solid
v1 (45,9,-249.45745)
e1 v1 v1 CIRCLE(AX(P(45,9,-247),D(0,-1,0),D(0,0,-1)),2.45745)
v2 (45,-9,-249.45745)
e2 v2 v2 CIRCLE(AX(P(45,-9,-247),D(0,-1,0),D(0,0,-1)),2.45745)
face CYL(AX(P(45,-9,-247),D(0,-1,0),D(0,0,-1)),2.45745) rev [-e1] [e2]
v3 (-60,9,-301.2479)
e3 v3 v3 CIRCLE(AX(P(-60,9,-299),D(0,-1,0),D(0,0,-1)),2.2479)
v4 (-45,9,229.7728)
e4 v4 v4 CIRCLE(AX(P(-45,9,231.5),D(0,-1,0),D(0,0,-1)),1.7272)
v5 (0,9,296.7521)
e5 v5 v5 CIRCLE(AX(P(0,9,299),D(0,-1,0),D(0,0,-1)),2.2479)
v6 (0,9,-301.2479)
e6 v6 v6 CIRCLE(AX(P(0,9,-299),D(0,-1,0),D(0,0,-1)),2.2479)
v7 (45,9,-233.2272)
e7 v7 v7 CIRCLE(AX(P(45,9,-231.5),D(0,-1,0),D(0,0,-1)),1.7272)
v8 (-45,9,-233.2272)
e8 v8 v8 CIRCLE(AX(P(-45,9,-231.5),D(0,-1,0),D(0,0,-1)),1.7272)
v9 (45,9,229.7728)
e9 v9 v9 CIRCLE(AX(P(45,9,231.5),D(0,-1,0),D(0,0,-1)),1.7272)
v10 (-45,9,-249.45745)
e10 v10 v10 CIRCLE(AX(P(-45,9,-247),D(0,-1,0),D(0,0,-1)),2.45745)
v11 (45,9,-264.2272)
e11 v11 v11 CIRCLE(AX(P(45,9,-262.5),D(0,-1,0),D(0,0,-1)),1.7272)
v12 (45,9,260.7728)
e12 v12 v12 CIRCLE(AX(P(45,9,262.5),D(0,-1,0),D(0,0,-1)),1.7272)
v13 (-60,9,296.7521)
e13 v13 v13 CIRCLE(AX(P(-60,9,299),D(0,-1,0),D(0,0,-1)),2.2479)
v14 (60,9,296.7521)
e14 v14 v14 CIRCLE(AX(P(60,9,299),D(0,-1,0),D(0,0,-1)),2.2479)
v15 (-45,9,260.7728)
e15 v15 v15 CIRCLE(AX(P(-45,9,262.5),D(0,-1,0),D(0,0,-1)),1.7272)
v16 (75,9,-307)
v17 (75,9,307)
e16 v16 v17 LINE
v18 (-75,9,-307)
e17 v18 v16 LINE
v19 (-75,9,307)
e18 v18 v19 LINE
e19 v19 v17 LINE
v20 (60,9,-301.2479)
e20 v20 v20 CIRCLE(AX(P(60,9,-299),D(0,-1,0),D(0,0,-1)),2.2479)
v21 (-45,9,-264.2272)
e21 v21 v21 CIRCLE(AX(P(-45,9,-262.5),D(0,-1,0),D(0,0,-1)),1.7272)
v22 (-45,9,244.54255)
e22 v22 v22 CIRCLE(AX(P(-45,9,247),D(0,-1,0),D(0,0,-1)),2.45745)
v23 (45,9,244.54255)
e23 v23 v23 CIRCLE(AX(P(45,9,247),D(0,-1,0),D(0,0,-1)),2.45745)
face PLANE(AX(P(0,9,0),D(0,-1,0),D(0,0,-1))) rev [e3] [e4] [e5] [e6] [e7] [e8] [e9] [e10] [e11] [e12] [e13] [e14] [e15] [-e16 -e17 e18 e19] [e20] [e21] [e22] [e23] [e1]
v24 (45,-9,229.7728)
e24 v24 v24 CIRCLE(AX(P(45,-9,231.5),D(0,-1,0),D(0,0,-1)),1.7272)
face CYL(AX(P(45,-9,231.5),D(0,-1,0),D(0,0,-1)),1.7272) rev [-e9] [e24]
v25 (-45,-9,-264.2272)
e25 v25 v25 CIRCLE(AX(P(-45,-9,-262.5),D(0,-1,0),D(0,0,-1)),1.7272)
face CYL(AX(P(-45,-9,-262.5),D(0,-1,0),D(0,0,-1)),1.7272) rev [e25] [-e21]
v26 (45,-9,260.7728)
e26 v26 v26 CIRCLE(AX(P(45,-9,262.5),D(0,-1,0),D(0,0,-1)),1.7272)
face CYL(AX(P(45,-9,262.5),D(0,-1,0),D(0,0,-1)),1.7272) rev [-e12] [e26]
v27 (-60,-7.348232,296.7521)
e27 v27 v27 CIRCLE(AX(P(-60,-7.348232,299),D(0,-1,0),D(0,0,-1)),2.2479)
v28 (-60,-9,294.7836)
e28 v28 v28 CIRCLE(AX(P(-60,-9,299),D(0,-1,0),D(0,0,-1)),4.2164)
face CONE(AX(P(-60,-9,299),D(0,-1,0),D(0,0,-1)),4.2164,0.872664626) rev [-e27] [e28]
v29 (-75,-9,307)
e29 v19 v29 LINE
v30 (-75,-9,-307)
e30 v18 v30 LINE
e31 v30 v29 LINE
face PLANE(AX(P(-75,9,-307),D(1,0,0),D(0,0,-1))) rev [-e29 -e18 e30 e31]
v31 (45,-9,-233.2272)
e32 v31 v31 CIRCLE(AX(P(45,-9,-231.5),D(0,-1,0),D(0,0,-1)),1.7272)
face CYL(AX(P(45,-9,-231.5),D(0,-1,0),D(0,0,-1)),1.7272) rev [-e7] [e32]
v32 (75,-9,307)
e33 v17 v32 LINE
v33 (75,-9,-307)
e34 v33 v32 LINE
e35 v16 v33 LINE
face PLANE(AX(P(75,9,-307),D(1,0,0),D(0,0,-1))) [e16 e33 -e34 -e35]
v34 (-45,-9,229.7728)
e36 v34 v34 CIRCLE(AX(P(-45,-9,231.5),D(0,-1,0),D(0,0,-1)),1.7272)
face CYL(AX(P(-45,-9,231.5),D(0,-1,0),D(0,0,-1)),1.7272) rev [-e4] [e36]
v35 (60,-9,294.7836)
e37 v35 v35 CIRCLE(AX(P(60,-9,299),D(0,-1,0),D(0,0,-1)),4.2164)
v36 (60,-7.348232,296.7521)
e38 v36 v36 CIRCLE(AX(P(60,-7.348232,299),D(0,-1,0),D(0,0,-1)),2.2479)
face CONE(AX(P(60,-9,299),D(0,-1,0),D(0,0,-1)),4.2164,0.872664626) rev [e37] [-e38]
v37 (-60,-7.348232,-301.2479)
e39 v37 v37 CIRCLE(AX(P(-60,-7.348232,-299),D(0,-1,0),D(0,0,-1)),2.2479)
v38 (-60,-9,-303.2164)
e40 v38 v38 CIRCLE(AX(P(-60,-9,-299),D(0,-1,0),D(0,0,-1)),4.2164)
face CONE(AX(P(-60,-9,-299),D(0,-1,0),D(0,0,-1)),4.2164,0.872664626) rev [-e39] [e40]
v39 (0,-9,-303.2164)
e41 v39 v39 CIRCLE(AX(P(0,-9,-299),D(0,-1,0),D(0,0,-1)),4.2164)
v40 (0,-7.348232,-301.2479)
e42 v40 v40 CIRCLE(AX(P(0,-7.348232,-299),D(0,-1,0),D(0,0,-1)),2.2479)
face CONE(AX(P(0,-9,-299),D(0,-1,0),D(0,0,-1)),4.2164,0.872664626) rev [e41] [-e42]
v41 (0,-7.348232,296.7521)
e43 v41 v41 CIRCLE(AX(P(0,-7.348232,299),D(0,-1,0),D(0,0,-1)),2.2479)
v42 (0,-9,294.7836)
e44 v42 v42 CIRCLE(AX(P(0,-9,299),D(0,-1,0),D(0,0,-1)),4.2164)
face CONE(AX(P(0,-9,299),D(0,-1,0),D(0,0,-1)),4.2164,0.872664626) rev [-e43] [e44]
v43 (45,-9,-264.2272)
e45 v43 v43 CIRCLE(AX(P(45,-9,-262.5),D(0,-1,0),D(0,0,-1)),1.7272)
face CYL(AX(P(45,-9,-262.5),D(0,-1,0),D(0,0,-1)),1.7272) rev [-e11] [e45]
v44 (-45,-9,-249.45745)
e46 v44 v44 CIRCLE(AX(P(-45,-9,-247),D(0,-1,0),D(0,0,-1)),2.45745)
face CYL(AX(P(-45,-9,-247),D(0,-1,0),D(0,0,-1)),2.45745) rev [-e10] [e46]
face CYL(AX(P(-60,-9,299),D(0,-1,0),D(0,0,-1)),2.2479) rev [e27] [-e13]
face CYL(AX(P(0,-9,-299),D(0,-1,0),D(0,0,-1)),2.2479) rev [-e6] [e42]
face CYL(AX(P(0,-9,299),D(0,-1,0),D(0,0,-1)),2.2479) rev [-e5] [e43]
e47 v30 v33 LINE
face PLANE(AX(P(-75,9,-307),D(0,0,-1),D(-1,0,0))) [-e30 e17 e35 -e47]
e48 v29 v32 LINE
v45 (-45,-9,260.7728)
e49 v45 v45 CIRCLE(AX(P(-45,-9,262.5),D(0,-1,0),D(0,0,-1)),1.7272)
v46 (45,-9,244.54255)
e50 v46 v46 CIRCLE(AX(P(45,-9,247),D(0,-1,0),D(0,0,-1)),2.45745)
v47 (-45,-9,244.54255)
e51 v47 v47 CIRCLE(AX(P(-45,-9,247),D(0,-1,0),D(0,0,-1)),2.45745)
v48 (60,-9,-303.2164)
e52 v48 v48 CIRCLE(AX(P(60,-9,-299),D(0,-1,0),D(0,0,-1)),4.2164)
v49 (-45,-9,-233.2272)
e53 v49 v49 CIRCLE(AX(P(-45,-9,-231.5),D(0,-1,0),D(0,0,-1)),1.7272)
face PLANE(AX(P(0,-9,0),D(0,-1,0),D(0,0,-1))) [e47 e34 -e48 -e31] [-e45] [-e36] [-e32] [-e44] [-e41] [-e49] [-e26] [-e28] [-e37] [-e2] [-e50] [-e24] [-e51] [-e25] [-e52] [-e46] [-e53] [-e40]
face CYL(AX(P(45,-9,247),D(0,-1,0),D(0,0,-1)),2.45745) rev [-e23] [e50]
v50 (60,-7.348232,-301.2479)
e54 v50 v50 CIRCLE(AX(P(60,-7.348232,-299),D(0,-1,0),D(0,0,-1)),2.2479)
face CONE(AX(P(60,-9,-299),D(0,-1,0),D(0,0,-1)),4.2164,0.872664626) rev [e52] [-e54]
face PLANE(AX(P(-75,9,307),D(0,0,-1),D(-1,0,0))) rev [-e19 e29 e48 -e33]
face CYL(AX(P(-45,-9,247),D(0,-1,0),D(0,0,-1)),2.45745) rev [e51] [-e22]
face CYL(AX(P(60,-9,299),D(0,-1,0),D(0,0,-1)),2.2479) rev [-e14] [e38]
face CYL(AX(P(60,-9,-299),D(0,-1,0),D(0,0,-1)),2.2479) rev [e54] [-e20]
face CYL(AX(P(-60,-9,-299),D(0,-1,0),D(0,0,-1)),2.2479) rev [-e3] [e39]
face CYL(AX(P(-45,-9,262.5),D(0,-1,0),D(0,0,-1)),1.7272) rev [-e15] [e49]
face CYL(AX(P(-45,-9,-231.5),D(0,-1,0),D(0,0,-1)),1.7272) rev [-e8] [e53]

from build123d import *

# Parameters (mm, degrees)
SKETCH1_W                                         = 150
SKETCH1_H                                         = 614
BOSS_EXTRUDE1_DEPTH                               = 9
CSK_FOR_8_FLAT_HEAD_MACHINE_SCREW_100_D           = 4.4958
CSK_FOR_8_FLAT_HEAD_MACHINE_SCREW_100_CSINK_D     = 8.4328
CSK_FOR_8_FLAT_HEAD_MACHINE_SCREW_100_CSINK_ANGLE = 100
F_8_36_TAPPED_HOLE1_D                             = 3.4544
F_8_CLEARANCE_HOLE1_D                             = 4.9149
MIRROR2_AT_THE_SECOND_PLANE_COPY_1_D              = 3.4544
MIRROR2_AT_THE_SECOND_PLANE_COPY_2_D              = 4.9149


with BuildPart() as part:
    # Sketch1 → Boss-Extrude1 (new, symmetric)
    with BuildSketch(Plane(origin=(0, 0, 0), x_dir=(1, 0, 0), z_dir=(0, 1, 0))):
        Rectangle(SKETCH1_W, SKETCH1_H)
    extrude(amount=BOSS_EXTRUDE1_DEPTH, both=True)

    # CSK for #8 Flat Head Machine Screw (100)1 (through all)
    with Locations(Plane(origin=(-75, -9, 0), x_dir=(0, 0, -1), z_dir=(0, -1, 0))):
        with Locations((-299, 135), (-299, 75), (-299, 15)):
            csk_for_8_flat_head_machine_screw_100 = CounterSinkHole(CSK_FOR_8_FLAT_HEAD_MACHINE_SCREW_100_D / 2, CSK_FOR_8_FLAT_HEAD_MACHINE_SCREW_100_CSINK_D / 2, counter_sink_angle=CSK_FOR_8_FLAT_HEAD_MACHINE_SCREW_100_CSINK_ANGLE)

    # Mirror1: CSK for #8 Flat Head Machine Screw (100)1 across plane
    add(csk_for_8_flat_head_machine_screw_100.mirror(Plane.XY), mode=Mode.SUBTRACT)

    # #8-36 Tapped Hole1 (through all)
    with Locations(Plane(origin=(0, -9, 0), x_dir=(-1, 0, 0), z_dir=(0, -1, 0))):
        with Locations((45, -262.5), (45, -231.5)):
            f_8_36_tapped_hole1 = Hole(F_8_36_TAPPED_HOLE1_D / 2)

    # #8 Clearance Hole1 (through all)
    with Locations(Plane(origin=(0, -9, 0), x_dir=(-1, 0, 0), z_dir=(0, -1, 0))):
        with Locations((45, -247)):
            f_8_clearance_hole1 = Hole(F_8_CLEARANCE_HOLE1_D / 2)

    # Mirror2: #8-36 Tapped Hole1, #8 Clearance Hole1 across plane
    add(f_8_36_tapped_hole1.mirror(Plane.XY), mode=Mode.SUBTRACT)
    add(f_8_clearance_hole1.mirror(Plane.XY), mode=Mode.SUBTRACT)

    # Mirror2 at the second plane: #8-36 Tapped Hole1, #8 Clearance Hole1 across plane
    add(f_8_36_tapped_hole1.mirror(Plane(origin=(0, 0, 0), x_dir=(0, 0, 1), z_dir=(1, 0, 0))), mode=Mode.SUBTRACT)
    add(f_8_clearance_hole1.mirror(Plane(origin=(0, 0, 0), x_dir=(0, 0, 1), z_dir=(1, 0, 0))), mode=Mode.SUBTRACT)

    # Mirror2 at the second plane copy 1 (through all)
    with Locations(Plane.XZ.offset(9)):
        with Locations((45, -262.5), (45, -231.5)):
            Hole(MIRROR2_AT_THE_SECOND_PLANE_COPY_1_D / 2)

    # Mirror2 at the second plane copy 2 (through all)
    with Locations(Plane.XZ.offset(9)):
        with Locations((45, -247)):
            Hole(MIRROR2_AT_THE_SECOND_PLANE_COPY_2_D / 2)


solid = part.part
